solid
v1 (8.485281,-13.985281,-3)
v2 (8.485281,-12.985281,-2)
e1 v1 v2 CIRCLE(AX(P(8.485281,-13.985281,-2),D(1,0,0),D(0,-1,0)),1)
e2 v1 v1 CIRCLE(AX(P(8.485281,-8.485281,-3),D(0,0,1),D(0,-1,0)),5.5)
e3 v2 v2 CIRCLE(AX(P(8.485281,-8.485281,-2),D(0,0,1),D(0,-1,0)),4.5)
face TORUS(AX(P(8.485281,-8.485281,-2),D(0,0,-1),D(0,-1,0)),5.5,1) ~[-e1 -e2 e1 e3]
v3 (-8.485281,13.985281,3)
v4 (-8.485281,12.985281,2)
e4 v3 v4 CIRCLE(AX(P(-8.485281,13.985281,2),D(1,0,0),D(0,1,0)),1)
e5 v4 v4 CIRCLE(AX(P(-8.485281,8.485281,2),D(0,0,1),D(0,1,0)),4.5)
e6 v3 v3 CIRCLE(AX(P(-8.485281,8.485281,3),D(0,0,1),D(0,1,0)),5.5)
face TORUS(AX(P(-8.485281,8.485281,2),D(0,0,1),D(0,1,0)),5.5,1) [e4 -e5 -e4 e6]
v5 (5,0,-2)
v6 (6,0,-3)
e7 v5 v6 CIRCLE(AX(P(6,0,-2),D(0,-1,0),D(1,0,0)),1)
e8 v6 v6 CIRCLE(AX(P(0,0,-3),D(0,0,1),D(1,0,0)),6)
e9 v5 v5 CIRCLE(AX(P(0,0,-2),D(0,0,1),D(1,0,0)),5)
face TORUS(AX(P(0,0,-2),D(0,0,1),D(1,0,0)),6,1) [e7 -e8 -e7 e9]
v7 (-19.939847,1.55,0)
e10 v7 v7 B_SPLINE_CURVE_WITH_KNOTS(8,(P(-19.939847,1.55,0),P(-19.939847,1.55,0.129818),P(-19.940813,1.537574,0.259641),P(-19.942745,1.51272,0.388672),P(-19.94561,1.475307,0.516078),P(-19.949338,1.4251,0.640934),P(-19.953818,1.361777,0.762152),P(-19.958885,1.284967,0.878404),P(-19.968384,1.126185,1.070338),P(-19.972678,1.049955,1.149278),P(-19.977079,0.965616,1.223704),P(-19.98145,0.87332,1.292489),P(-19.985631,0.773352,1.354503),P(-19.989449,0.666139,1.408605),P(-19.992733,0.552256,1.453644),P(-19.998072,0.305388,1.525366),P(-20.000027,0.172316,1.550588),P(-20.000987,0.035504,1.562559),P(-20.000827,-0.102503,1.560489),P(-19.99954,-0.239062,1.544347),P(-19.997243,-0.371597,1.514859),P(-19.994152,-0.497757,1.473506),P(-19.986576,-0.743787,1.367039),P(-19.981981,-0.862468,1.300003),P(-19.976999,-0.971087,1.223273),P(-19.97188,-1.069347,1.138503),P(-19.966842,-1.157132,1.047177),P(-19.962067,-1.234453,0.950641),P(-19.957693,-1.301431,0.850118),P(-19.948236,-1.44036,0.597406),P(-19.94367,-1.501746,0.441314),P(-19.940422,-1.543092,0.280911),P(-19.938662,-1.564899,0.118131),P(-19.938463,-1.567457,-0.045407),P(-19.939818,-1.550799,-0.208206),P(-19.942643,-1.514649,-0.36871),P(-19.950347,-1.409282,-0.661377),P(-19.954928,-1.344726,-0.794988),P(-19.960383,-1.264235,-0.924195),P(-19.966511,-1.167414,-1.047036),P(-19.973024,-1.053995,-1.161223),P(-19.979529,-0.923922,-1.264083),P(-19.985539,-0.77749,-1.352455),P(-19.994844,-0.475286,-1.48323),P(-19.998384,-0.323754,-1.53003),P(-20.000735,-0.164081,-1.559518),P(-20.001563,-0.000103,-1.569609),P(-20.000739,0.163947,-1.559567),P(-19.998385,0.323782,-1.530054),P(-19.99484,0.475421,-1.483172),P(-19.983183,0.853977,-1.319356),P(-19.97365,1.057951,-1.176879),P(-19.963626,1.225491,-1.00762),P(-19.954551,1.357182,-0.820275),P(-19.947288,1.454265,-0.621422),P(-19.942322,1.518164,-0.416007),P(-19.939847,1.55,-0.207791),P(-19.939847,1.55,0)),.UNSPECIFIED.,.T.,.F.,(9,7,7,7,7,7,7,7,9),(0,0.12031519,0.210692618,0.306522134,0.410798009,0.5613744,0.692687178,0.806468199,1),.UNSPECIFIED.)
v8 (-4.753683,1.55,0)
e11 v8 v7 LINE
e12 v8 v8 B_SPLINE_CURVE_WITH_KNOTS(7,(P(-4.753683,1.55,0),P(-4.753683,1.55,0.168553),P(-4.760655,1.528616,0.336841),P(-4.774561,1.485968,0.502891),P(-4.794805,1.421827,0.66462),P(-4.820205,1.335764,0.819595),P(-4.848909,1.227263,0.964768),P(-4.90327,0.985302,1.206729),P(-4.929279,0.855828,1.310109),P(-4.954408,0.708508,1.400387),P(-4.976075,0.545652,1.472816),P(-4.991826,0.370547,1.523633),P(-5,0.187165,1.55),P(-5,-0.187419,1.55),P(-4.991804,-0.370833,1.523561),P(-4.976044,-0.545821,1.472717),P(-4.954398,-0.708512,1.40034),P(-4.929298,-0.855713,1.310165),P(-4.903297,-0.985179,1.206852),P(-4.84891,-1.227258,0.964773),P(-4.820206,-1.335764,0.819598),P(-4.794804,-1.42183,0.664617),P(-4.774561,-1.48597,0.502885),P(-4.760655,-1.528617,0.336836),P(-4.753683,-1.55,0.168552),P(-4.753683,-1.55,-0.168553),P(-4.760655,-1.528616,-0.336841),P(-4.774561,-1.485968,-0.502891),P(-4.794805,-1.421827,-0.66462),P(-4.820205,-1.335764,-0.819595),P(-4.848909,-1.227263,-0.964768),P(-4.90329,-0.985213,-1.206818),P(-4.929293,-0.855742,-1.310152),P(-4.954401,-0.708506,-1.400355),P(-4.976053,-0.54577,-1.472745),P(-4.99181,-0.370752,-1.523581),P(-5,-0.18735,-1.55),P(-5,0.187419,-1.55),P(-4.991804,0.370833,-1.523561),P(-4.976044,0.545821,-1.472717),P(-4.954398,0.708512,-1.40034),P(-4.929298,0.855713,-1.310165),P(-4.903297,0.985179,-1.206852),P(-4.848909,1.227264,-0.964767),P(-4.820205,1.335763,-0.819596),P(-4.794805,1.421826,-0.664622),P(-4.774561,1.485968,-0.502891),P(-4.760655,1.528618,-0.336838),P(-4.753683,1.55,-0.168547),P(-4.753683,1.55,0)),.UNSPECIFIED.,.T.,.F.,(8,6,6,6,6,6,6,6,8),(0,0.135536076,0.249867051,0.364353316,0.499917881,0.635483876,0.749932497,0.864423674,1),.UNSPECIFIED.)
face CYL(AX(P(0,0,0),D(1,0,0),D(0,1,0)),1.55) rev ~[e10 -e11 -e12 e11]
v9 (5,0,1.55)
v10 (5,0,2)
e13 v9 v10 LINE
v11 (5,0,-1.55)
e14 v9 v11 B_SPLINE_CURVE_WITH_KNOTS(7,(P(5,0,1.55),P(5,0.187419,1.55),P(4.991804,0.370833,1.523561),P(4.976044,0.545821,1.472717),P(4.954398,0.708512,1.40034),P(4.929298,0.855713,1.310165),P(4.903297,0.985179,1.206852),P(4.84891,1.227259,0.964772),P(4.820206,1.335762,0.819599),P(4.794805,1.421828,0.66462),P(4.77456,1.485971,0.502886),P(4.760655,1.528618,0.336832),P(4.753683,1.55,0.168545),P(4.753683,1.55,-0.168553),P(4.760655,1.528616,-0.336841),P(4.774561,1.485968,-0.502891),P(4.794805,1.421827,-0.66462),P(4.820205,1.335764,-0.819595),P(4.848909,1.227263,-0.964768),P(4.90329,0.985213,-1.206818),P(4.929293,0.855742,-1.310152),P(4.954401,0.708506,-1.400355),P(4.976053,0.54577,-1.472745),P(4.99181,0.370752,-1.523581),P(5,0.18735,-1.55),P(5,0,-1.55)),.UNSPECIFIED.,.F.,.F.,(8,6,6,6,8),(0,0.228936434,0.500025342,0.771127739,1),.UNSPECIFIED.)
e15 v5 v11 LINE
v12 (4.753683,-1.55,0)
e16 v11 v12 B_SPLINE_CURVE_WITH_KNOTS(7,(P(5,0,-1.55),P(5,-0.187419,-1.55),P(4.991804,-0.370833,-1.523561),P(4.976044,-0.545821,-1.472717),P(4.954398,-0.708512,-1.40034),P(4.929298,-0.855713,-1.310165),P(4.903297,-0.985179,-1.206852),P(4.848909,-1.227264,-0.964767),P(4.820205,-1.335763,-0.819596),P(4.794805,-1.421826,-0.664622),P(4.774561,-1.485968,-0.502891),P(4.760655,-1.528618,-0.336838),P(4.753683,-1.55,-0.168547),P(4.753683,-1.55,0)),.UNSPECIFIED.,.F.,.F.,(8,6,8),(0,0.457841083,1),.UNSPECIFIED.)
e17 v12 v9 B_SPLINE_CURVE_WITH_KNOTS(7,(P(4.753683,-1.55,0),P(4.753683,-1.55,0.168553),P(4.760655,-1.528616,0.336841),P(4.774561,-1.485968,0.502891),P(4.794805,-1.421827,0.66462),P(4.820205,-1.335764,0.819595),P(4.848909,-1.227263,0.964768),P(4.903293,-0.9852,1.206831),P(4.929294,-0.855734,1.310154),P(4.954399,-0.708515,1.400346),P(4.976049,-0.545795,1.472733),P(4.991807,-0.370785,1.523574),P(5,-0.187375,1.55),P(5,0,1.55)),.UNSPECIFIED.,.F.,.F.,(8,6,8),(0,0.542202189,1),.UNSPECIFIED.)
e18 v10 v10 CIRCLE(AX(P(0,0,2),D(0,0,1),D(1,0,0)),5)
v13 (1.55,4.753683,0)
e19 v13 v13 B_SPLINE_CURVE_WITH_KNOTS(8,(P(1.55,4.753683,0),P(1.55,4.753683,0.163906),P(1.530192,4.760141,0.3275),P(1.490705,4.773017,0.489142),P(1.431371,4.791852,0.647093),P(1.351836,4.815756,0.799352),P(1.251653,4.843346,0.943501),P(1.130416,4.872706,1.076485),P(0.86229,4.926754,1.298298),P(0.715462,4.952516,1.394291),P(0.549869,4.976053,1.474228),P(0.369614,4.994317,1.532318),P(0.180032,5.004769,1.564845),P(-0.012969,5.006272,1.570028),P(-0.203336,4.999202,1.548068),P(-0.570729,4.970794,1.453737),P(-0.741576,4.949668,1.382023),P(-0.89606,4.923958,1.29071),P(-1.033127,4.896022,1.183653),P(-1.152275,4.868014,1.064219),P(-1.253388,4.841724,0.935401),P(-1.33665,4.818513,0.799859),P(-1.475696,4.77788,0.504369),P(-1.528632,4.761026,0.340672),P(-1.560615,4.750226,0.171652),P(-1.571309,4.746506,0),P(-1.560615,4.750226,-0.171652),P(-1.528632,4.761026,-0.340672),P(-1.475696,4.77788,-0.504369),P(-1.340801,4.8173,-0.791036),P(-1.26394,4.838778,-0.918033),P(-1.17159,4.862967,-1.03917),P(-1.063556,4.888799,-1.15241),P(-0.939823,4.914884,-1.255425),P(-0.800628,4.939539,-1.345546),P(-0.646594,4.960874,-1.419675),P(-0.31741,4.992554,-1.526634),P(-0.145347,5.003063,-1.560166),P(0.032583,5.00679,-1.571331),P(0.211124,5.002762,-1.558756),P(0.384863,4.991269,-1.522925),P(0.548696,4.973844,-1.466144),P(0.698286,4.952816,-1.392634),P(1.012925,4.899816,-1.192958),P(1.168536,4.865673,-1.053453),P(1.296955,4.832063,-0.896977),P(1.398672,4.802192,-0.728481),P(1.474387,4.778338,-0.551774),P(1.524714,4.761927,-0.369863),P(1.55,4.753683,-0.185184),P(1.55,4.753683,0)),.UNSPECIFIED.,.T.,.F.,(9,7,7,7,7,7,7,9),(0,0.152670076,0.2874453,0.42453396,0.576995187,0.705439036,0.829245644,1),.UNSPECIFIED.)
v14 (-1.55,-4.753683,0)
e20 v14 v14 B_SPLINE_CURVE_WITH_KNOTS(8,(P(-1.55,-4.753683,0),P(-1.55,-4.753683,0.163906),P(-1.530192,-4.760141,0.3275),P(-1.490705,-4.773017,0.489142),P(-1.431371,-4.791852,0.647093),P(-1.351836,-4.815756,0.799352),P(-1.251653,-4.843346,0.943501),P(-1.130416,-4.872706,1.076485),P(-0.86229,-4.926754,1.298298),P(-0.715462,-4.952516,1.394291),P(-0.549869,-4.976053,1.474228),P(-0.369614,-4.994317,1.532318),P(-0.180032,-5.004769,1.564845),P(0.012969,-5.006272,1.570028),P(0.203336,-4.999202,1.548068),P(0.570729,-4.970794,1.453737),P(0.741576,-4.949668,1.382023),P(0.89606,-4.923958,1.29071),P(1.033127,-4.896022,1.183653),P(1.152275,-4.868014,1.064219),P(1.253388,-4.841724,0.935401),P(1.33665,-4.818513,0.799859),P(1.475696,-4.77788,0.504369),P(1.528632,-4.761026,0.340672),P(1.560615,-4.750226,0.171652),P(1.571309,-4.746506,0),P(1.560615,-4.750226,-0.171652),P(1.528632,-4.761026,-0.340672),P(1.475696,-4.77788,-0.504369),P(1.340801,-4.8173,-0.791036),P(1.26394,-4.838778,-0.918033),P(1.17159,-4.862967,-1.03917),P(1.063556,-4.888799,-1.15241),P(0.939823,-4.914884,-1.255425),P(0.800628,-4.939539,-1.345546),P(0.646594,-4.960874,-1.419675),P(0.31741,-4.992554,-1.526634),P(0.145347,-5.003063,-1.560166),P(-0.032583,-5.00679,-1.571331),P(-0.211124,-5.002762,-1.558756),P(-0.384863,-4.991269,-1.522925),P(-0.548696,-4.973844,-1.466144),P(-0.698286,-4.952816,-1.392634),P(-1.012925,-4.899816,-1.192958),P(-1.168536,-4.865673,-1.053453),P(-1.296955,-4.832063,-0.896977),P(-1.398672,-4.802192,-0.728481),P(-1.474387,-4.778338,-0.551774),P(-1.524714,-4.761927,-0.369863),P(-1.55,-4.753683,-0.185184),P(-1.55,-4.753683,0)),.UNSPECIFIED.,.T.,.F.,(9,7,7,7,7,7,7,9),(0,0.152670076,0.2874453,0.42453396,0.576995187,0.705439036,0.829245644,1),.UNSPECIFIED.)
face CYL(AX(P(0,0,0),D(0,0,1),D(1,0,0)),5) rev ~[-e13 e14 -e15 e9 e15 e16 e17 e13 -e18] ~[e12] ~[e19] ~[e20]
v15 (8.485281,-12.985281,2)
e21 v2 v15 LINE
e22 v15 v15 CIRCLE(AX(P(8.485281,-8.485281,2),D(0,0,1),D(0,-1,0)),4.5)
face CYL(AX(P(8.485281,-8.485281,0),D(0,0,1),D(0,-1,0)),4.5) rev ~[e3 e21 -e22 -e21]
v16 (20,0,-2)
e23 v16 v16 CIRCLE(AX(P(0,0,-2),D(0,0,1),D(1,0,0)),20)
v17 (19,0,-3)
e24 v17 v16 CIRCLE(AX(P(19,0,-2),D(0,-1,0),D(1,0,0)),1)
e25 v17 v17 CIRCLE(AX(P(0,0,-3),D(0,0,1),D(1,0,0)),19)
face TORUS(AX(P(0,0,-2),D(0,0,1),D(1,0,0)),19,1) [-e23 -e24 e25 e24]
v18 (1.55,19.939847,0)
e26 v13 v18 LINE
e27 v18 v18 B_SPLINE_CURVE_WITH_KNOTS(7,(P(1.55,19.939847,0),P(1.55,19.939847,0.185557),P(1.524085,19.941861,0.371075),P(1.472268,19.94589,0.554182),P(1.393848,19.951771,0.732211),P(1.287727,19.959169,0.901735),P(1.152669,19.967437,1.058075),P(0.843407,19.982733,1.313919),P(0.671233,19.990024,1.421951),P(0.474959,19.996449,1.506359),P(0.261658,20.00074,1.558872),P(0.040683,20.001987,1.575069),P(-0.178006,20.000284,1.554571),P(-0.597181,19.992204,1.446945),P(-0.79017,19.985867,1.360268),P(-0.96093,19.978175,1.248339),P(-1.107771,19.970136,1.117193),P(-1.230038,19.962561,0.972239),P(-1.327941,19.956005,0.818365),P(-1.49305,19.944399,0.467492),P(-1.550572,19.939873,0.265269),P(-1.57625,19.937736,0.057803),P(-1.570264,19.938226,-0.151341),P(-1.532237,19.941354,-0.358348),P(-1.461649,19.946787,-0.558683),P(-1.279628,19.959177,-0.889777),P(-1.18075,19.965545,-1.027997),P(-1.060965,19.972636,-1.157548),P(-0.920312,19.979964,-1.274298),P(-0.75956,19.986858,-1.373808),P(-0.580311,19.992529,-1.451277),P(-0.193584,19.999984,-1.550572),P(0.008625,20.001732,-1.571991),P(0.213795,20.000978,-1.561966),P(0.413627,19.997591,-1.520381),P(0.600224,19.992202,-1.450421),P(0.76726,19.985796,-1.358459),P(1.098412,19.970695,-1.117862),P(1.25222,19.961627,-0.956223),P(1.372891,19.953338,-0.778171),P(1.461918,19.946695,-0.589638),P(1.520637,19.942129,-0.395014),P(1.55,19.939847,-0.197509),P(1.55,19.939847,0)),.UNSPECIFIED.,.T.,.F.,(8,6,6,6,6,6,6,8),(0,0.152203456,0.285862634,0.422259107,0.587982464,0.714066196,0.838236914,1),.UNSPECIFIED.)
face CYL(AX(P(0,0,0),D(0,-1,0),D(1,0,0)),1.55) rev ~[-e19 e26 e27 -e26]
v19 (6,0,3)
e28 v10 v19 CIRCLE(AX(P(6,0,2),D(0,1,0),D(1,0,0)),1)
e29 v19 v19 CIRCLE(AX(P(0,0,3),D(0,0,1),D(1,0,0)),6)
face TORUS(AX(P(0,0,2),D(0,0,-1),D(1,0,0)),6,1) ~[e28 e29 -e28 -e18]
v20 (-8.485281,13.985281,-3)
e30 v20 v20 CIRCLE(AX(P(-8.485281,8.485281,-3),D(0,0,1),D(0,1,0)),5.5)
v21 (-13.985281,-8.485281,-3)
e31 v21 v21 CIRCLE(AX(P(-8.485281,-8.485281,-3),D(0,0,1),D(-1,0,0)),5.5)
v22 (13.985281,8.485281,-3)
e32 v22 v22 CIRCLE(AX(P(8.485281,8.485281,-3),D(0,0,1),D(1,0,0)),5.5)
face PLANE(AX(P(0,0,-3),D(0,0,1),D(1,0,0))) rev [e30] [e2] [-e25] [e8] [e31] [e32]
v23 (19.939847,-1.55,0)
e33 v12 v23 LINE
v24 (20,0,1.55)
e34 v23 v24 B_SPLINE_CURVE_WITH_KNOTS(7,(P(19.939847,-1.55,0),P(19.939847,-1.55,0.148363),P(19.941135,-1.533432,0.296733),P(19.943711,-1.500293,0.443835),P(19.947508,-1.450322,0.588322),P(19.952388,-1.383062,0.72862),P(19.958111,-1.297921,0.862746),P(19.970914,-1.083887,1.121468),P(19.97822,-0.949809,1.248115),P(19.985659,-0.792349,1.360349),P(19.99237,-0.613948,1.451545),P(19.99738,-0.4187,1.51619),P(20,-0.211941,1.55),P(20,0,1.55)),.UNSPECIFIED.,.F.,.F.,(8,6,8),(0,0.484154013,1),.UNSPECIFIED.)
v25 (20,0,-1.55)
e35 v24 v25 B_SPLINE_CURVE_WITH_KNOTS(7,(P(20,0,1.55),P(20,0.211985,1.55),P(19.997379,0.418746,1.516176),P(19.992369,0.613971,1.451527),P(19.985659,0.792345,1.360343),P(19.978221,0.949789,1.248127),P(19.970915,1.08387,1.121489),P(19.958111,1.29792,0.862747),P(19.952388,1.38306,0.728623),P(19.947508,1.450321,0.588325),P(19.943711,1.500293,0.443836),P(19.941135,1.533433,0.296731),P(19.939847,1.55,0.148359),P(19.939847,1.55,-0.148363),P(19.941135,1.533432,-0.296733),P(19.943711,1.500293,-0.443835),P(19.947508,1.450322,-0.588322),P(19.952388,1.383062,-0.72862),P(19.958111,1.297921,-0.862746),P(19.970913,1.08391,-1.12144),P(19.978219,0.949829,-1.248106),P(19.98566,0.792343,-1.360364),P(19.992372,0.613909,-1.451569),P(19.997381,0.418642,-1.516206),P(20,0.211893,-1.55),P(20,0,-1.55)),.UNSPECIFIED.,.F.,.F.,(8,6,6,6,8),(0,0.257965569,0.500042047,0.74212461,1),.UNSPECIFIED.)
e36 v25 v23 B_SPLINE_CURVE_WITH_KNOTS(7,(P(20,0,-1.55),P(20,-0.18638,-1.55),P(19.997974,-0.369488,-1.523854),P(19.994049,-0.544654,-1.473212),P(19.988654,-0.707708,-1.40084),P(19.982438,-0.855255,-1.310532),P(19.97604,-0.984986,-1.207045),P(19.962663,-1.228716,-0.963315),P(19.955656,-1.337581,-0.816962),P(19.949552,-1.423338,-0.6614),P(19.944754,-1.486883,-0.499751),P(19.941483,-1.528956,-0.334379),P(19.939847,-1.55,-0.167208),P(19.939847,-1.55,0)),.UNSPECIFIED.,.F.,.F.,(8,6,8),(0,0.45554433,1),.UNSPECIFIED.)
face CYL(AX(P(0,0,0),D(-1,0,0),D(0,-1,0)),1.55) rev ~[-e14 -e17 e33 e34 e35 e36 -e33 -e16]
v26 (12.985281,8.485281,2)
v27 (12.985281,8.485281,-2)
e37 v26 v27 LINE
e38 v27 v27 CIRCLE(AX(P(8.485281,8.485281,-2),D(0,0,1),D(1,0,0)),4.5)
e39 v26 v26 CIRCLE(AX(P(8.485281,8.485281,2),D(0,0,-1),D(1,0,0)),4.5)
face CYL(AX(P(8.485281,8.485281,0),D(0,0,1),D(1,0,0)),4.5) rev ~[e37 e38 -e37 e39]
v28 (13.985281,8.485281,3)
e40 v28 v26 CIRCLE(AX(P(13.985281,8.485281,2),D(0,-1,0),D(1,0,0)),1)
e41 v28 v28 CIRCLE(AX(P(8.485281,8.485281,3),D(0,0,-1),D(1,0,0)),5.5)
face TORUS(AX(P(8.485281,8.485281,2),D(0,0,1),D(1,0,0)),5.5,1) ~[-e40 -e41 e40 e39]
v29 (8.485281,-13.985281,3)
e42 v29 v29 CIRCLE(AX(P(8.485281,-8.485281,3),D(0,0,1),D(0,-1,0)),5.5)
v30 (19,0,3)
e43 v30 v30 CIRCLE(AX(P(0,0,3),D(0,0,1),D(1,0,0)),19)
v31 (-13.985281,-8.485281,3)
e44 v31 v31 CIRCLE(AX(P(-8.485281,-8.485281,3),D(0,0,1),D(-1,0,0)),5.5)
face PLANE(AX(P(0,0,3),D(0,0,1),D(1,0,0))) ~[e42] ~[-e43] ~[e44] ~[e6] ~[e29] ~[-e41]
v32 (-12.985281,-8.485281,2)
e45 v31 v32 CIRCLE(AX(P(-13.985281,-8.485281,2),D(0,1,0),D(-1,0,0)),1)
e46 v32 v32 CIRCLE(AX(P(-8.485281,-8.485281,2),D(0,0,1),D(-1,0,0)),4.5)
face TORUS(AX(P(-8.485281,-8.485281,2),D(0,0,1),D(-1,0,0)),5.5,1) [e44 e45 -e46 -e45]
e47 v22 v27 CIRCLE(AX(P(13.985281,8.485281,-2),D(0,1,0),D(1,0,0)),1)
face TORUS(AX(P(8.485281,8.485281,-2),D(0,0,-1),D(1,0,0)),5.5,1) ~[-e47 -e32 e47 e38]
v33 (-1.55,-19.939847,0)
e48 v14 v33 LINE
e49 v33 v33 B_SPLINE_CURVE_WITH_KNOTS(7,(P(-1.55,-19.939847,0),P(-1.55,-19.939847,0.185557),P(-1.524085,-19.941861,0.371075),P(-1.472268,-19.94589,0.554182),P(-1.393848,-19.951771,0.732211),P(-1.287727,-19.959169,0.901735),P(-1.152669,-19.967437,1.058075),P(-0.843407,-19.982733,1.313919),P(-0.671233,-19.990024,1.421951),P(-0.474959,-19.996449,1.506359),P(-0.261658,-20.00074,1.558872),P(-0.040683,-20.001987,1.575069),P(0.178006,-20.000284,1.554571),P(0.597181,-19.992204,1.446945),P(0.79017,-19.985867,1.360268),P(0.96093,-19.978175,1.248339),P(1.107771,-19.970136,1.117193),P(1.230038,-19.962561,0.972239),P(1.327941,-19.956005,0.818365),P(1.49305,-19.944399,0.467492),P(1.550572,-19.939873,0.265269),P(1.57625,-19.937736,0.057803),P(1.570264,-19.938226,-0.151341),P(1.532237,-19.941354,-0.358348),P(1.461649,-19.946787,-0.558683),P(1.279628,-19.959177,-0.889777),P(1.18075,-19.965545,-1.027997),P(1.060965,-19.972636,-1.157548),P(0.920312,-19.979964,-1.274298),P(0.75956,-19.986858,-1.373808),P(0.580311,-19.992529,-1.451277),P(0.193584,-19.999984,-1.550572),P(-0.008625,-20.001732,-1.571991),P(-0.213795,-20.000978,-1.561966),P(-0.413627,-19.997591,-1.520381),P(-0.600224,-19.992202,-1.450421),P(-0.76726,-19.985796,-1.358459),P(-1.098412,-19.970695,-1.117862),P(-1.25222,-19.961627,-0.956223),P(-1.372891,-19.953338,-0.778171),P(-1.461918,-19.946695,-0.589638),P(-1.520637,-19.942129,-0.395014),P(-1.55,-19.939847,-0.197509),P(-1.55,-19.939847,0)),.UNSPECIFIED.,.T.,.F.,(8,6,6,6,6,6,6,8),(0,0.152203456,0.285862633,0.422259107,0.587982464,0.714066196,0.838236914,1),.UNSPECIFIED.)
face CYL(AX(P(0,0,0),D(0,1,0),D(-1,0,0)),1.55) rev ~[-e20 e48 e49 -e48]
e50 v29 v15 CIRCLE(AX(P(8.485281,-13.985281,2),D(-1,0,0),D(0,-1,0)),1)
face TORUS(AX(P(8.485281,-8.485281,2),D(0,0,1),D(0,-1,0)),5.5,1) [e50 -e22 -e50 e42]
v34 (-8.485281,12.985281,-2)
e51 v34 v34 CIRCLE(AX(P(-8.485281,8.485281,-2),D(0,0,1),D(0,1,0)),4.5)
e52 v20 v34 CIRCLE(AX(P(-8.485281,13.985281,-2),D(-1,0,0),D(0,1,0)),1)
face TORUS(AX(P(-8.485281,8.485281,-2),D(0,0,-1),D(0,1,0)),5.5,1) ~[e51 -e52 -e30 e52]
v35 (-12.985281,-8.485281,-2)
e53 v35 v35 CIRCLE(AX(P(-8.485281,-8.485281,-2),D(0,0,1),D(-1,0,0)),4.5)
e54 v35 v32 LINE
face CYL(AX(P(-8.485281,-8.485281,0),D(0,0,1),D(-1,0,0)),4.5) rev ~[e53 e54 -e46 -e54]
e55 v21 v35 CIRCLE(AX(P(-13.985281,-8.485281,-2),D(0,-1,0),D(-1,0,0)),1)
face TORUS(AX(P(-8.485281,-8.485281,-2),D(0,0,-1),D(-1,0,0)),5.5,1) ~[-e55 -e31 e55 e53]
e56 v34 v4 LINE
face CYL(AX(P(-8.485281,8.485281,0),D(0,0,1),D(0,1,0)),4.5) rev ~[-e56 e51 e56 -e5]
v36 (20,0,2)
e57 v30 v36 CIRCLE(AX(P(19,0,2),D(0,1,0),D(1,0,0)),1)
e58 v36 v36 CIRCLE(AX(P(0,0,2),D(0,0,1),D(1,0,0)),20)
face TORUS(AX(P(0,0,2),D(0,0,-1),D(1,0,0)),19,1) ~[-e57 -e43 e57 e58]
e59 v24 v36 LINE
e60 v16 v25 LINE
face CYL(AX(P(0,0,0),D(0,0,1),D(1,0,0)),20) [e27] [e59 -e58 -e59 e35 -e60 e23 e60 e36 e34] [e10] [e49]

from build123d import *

# Parameters (mm, degrees)
SKETCH_W              = 15
SKETCH_H              = 6
SKETCH001_R           = 1.55
HOLE_DEPTH            = 25
POLARPATTERN_COUNT    = 4
SKETCH002_R           = 4.5
POCKET_DEPTH          = 5
POCKET_DEPTH_BACK     = 100
POLARPATTERN001_COUNT = 4
FILLET_R              = 1
FILLET001_R           = 1


with BuildPart() as part:
    # Sketch → Revolution (revolve)
    with BuildSketch(Plane.XZ):
        with Locations((12.5, 0)):
            Rectangle(SKETCH_W, SKETCH_H)
    revolve(axis=Axis((0, 0, 0), (0, 0, 1)))

    # Sketch001 → Hole (cut)
    with BuildSketch(Plane.XZ):
        Circle(SKETCH001_R)
    hole = extrude(amount=-HOLE_DEPTH, mode=Mode.SUBTRACT)

    # PolarPattern: Hole ×4 about axis
    polarpattern_axis = Axis((0, 0, 0), (0, 0, 1))
    for i in range(1, POLARPATTERN_COUNT):
        add(hole.rotate(polarpattern_axis, i * 360 / POLARPATTERN_COUNT), mode=Mode.SUBTRACT)

    # Sketch002 → Pocket (cut, two sides)
    with BuildSketch(Plane.XY) as pocket_sk:
        with Locations((8.485281, 8.485281)):
            Circle(SKETCH002_R)
    pocket = extrude(amount=-POCKET_DEPTH, mode=Mode.SUBTRACT) + extrude(pocket_sk.sketch, amount=POCKET_DEPTH_BACK, mode=Mode.SUBTRACT)

    # PolarPattern001: Pocket ×4 about axis
    polarpattern001_axis = Axis((0, 0, 0), (0, 0, 1))
    for i in range(1, POLARPATTERN001_COUNT):
        add(pocket.rotate(polarpattern001_axis, i * 360 / POLARPATTERN001_COUNT), mode=Mode.SUBTRACT)

    # Fillet
    fillet_edges = [part.edges().sort_by_distance(p)[0] for p in [
        (-20, 0, 3),
        (3.985281, 8.485281, 3),
        (-5, 0, 3),
        (-8.485281, 3.985281, 3),
        (-3.985281, -8.485281, 3),
        (8.485281, -3.985281, 3),
    ]]
    fillet(fillet_edges, radius=FILLET_R)

    # Fillet001
    fillet001_edges = [part.edges().sort_by_distance(p)[0] for p in [
        (-20, 0, -3),
        (3.985281, 8.485281, -3),
        (8.485281, -3.985281, -3),
        (-5, 0, -3),
        (-8.485281, 3.985281, -3),
        (-3.985281, -8.485281, -3),
    ]]
    fillet(fillet001_edges, radius=FILLET001_R)


solid = part.part
